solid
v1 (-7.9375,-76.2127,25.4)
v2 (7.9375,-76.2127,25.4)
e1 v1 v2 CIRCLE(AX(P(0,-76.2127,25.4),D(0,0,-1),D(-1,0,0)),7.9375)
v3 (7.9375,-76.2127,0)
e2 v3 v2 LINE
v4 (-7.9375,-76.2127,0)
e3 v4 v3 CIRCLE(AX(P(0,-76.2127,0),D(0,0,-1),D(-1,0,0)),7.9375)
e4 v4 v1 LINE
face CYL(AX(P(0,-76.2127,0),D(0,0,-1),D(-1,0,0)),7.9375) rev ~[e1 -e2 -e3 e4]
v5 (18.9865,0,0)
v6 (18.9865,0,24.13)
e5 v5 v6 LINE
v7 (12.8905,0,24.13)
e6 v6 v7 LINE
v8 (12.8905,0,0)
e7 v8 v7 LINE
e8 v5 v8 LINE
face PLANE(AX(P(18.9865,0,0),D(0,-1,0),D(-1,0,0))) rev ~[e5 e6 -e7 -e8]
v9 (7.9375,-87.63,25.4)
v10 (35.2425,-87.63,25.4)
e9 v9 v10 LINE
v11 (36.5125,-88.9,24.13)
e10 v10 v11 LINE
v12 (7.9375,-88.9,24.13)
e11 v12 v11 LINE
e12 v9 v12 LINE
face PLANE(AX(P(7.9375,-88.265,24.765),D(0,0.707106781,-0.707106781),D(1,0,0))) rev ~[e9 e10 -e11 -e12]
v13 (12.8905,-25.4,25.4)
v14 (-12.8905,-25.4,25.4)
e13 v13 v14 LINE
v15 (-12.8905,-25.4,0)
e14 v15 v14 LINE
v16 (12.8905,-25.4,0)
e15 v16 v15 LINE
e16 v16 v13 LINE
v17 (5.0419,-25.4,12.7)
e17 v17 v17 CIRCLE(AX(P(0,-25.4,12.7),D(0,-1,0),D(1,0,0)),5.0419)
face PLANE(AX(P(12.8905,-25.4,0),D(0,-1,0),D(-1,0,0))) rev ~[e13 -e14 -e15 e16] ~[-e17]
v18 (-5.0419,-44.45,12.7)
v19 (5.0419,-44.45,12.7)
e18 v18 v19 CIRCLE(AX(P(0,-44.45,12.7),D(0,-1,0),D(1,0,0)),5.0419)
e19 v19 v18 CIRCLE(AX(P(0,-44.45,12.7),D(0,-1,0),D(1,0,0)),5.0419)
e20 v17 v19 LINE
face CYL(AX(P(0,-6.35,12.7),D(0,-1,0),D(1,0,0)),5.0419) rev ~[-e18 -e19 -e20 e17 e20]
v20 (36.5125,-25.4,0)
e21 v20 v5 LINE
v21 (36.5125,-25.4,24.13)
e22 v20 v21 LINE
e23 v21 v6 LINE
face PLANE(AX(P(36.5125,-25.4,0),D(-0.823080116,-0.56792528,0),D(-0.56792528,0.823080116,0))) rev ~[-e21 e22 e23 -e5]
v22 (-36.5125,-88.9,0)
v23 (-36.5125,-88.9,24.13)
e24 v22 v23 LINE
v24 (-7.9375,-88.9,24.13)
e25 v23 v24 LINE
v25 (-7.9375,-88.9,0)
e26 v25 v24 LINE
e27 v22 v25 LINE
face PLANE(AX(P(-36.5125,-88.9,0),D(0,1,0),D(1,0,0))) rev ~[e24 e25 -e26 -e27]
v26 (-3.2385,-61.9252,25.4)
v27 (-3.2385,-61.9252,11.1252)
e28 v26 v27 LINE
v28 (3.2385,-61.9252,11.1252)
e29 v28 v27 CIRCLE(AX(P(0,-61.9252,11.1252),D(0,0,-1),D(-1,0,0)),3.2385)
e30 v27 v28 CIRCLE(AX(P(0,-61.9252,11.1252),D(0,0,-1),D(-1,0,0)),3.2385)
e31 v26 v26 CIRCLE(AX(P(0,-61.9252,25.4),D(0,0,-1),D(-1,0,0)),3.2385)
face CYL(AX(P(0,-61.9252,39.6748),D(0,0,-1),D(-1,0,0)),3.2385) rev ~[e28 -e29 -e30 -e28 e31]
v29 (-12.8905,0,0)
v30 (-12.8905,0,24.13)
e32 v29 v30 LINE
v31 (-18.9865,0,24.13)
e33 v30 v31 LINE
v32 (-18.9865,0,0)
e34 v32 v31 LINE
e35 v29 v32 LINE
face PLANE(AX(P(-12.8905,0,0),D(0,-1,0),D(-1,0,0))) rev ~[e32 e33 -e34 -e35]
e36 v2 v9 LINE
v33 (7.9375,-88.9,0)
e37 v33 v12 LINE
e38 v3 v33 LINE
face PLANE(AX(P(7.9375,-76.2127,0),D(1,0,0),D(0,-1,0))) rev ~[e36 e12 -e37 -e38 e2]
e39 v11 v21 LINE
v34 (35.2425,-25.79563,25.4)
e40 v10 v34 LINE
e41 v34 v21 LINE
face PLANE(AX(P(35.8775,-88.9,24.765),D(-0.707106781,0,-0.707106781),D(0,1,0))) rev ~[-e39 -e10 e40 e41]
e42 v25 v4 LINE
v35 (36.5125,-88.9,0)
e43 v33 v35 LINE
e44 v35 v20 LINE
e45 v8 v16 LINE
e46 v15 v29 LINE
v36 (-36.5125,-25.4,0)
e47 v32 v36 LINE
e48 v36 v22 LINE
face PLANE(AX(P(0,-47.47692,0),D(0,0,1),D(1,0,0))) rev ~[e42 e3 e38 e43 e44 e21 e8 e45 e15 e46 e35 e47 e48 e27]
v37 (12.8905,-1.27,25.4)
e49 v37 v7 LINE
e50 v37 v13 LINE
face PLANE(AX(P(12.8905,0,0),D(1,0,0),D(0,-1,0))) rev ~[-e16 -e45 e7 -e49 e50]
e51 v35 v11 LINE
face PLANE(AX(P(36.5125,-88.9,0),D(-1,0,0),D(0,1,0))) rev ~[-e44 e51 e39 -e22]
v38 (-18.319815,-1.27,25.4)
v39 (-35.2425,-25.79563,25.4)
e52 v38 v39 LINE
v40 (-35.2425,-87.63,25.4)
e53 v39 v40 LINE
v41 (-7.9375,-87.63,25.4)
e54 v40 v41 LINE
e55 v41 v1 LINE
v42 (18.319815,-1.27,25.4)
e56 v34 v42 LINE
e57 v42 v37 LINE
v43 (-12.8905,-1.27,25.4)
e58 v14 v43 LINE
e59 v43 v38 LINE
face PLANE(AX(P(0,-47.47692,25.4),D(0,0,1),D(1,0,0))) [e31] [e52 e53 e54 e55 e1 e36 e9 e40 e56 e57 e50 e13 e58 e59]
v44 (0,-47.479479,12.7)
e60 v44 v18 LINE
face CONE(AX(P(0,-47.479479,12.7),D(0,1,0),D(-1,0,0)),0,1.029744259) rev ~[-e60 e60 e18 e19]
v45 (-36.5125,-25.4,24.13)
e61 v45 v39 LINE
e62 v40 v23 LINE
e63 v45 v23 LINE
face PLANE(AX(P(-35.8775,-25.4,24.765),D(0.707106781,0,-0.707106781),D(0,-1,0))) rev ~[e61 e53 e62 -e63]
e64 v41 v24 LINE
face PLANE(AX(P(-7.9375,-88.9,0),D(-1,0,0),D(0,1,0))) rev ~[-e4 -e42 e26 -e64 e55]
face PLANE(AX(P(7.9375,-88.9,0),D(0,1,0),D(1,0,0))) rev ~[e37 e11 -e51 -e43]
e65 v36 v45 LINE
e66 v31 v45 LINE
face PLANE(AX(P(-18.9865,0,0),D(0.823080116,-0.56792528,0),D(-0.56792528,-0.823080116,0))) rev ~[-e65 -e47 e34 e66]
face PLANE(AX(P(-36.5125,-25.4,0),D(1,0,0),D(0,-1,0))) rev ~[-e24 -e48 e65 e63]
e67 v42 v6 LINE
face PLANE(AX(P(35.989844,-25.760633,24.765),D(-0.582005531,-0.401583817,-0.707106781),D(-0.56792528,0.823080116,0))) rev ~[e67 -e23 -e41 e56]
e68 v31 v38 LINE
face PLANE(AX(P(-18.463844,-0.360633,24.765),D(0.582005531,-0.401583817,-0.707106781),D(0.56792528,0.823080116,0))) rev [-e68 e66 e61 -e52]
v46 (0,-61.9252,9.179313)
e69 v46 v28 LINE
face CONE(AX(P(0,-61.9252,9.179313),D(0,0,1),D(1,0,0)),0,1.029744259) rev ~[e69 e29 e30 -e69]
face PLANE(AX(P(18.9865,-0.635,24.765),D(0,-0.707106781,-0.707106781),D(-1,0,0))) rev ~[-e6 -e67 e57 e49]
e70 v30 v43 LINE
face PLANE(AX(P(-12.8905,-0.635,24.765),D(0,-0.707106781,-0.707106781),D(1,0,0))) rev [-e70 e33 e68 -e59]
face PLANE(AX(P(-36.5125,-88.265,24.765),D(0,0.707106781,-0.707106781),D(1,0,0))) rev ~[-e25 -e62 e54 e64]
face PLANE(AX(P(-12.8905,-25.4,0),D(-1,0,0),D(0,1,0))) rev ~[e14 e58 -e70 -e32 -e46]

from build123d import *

# Parameters (mm, degrees)
F1_DEPTH = 25.4
F3_D     = 10.0838
F3_DEPTH = 19.05
F3_TIP   = 3.0294791551
F5_D     = 6.477
F5_DEPTH = 14.2748
F5_TIP   = 1.9458871147
F6_SIZE  = 1.27


with BuildPart() as f1:
    # F0 (on Top) → F1 (new body)
    with BuildSketch(Plane.XY):
        with BuildLine():
            Line((-12.8905, 0), (-18.9865, 0))
            Line((-18.9865, 0), (-36.5125, -25.4))
            Line((-36.5125, -25.4), (-36.5125, -88.9))
            Line((-36.5125, -88.9), (-7.9375, -88.9))
            Line((-7.9375, -88.9), (-7.9375, -76.2127))
            ThreePointArc((-7.9375, -76.2127), (0, -68.2752), (7.9375, -76.2127))
            Line((7.9375, -76.2127), (7.9375, -88.9))
            Line((7.9375, -88.9), (36.5125, -88.9))
            Line((36.5125, -88.9), (36.5125, -25.4))
            Line((36.5125, -25.4), (18.9865, 0))
            Line((18.9865, 0), (12.8905, 0))
            Line((12.8905, 0), (12.8905, -25.4))
            Line((12.8905, -25.4), (-12.8905, -25.4))
            Line((-12.8905, -25.4), (-12.8905, 0))
        make_face()
    extrude(amount=F1_DEPTH)

    # F3
    with Locations(Plane(origin=(0, -25.4, 0), x_dir=(-1, 0, 0), z_dir=(0, 1, 0))):
        with Locations((0, 12.7)):
            Hole(F3_D / 2, depth=F3_DEPTH)
            with Locations((0, 0, -(F3_DEPTH + F3_TIP / 2))):  # 118° drill point
                Cone(0, F3_D / 2, F3_TIP, mode=Mode.SUBTRACT)

    # F5
    with Locations(Plane.XY.offset(25.4)):
        with Locations((0, -61.9252)):
            Hole(F5_D / 2, depth=F5_DEPTH)
            with Locations((0, 0, -(F5_DEPTH + F5_TIP / 2))):  # 118° drill point
                Cone(0, F5_D / 2, F5_TIP, mode=Mode.SUBTRACT)

    # F6
    f6_edges = [f1.edges().sort_by_distance(p)[0] for p in [
        (-22.225, -88.9, 25.4),
        (-15.9385, 0, 25.4),
        (-27.7495, -12.7, 25.4),
        (-36.5125, -57.15, 25.4),
        (15.9385, 0, 25.4),
        (27.7495, -12.7, 25.4),
        (36.5125, -57.15, 25.4),
        (22.225, -88.9, 25.4),
    ]]
    chamfer(f6_edges, length=F6_SIZE)


solid = f1.part
